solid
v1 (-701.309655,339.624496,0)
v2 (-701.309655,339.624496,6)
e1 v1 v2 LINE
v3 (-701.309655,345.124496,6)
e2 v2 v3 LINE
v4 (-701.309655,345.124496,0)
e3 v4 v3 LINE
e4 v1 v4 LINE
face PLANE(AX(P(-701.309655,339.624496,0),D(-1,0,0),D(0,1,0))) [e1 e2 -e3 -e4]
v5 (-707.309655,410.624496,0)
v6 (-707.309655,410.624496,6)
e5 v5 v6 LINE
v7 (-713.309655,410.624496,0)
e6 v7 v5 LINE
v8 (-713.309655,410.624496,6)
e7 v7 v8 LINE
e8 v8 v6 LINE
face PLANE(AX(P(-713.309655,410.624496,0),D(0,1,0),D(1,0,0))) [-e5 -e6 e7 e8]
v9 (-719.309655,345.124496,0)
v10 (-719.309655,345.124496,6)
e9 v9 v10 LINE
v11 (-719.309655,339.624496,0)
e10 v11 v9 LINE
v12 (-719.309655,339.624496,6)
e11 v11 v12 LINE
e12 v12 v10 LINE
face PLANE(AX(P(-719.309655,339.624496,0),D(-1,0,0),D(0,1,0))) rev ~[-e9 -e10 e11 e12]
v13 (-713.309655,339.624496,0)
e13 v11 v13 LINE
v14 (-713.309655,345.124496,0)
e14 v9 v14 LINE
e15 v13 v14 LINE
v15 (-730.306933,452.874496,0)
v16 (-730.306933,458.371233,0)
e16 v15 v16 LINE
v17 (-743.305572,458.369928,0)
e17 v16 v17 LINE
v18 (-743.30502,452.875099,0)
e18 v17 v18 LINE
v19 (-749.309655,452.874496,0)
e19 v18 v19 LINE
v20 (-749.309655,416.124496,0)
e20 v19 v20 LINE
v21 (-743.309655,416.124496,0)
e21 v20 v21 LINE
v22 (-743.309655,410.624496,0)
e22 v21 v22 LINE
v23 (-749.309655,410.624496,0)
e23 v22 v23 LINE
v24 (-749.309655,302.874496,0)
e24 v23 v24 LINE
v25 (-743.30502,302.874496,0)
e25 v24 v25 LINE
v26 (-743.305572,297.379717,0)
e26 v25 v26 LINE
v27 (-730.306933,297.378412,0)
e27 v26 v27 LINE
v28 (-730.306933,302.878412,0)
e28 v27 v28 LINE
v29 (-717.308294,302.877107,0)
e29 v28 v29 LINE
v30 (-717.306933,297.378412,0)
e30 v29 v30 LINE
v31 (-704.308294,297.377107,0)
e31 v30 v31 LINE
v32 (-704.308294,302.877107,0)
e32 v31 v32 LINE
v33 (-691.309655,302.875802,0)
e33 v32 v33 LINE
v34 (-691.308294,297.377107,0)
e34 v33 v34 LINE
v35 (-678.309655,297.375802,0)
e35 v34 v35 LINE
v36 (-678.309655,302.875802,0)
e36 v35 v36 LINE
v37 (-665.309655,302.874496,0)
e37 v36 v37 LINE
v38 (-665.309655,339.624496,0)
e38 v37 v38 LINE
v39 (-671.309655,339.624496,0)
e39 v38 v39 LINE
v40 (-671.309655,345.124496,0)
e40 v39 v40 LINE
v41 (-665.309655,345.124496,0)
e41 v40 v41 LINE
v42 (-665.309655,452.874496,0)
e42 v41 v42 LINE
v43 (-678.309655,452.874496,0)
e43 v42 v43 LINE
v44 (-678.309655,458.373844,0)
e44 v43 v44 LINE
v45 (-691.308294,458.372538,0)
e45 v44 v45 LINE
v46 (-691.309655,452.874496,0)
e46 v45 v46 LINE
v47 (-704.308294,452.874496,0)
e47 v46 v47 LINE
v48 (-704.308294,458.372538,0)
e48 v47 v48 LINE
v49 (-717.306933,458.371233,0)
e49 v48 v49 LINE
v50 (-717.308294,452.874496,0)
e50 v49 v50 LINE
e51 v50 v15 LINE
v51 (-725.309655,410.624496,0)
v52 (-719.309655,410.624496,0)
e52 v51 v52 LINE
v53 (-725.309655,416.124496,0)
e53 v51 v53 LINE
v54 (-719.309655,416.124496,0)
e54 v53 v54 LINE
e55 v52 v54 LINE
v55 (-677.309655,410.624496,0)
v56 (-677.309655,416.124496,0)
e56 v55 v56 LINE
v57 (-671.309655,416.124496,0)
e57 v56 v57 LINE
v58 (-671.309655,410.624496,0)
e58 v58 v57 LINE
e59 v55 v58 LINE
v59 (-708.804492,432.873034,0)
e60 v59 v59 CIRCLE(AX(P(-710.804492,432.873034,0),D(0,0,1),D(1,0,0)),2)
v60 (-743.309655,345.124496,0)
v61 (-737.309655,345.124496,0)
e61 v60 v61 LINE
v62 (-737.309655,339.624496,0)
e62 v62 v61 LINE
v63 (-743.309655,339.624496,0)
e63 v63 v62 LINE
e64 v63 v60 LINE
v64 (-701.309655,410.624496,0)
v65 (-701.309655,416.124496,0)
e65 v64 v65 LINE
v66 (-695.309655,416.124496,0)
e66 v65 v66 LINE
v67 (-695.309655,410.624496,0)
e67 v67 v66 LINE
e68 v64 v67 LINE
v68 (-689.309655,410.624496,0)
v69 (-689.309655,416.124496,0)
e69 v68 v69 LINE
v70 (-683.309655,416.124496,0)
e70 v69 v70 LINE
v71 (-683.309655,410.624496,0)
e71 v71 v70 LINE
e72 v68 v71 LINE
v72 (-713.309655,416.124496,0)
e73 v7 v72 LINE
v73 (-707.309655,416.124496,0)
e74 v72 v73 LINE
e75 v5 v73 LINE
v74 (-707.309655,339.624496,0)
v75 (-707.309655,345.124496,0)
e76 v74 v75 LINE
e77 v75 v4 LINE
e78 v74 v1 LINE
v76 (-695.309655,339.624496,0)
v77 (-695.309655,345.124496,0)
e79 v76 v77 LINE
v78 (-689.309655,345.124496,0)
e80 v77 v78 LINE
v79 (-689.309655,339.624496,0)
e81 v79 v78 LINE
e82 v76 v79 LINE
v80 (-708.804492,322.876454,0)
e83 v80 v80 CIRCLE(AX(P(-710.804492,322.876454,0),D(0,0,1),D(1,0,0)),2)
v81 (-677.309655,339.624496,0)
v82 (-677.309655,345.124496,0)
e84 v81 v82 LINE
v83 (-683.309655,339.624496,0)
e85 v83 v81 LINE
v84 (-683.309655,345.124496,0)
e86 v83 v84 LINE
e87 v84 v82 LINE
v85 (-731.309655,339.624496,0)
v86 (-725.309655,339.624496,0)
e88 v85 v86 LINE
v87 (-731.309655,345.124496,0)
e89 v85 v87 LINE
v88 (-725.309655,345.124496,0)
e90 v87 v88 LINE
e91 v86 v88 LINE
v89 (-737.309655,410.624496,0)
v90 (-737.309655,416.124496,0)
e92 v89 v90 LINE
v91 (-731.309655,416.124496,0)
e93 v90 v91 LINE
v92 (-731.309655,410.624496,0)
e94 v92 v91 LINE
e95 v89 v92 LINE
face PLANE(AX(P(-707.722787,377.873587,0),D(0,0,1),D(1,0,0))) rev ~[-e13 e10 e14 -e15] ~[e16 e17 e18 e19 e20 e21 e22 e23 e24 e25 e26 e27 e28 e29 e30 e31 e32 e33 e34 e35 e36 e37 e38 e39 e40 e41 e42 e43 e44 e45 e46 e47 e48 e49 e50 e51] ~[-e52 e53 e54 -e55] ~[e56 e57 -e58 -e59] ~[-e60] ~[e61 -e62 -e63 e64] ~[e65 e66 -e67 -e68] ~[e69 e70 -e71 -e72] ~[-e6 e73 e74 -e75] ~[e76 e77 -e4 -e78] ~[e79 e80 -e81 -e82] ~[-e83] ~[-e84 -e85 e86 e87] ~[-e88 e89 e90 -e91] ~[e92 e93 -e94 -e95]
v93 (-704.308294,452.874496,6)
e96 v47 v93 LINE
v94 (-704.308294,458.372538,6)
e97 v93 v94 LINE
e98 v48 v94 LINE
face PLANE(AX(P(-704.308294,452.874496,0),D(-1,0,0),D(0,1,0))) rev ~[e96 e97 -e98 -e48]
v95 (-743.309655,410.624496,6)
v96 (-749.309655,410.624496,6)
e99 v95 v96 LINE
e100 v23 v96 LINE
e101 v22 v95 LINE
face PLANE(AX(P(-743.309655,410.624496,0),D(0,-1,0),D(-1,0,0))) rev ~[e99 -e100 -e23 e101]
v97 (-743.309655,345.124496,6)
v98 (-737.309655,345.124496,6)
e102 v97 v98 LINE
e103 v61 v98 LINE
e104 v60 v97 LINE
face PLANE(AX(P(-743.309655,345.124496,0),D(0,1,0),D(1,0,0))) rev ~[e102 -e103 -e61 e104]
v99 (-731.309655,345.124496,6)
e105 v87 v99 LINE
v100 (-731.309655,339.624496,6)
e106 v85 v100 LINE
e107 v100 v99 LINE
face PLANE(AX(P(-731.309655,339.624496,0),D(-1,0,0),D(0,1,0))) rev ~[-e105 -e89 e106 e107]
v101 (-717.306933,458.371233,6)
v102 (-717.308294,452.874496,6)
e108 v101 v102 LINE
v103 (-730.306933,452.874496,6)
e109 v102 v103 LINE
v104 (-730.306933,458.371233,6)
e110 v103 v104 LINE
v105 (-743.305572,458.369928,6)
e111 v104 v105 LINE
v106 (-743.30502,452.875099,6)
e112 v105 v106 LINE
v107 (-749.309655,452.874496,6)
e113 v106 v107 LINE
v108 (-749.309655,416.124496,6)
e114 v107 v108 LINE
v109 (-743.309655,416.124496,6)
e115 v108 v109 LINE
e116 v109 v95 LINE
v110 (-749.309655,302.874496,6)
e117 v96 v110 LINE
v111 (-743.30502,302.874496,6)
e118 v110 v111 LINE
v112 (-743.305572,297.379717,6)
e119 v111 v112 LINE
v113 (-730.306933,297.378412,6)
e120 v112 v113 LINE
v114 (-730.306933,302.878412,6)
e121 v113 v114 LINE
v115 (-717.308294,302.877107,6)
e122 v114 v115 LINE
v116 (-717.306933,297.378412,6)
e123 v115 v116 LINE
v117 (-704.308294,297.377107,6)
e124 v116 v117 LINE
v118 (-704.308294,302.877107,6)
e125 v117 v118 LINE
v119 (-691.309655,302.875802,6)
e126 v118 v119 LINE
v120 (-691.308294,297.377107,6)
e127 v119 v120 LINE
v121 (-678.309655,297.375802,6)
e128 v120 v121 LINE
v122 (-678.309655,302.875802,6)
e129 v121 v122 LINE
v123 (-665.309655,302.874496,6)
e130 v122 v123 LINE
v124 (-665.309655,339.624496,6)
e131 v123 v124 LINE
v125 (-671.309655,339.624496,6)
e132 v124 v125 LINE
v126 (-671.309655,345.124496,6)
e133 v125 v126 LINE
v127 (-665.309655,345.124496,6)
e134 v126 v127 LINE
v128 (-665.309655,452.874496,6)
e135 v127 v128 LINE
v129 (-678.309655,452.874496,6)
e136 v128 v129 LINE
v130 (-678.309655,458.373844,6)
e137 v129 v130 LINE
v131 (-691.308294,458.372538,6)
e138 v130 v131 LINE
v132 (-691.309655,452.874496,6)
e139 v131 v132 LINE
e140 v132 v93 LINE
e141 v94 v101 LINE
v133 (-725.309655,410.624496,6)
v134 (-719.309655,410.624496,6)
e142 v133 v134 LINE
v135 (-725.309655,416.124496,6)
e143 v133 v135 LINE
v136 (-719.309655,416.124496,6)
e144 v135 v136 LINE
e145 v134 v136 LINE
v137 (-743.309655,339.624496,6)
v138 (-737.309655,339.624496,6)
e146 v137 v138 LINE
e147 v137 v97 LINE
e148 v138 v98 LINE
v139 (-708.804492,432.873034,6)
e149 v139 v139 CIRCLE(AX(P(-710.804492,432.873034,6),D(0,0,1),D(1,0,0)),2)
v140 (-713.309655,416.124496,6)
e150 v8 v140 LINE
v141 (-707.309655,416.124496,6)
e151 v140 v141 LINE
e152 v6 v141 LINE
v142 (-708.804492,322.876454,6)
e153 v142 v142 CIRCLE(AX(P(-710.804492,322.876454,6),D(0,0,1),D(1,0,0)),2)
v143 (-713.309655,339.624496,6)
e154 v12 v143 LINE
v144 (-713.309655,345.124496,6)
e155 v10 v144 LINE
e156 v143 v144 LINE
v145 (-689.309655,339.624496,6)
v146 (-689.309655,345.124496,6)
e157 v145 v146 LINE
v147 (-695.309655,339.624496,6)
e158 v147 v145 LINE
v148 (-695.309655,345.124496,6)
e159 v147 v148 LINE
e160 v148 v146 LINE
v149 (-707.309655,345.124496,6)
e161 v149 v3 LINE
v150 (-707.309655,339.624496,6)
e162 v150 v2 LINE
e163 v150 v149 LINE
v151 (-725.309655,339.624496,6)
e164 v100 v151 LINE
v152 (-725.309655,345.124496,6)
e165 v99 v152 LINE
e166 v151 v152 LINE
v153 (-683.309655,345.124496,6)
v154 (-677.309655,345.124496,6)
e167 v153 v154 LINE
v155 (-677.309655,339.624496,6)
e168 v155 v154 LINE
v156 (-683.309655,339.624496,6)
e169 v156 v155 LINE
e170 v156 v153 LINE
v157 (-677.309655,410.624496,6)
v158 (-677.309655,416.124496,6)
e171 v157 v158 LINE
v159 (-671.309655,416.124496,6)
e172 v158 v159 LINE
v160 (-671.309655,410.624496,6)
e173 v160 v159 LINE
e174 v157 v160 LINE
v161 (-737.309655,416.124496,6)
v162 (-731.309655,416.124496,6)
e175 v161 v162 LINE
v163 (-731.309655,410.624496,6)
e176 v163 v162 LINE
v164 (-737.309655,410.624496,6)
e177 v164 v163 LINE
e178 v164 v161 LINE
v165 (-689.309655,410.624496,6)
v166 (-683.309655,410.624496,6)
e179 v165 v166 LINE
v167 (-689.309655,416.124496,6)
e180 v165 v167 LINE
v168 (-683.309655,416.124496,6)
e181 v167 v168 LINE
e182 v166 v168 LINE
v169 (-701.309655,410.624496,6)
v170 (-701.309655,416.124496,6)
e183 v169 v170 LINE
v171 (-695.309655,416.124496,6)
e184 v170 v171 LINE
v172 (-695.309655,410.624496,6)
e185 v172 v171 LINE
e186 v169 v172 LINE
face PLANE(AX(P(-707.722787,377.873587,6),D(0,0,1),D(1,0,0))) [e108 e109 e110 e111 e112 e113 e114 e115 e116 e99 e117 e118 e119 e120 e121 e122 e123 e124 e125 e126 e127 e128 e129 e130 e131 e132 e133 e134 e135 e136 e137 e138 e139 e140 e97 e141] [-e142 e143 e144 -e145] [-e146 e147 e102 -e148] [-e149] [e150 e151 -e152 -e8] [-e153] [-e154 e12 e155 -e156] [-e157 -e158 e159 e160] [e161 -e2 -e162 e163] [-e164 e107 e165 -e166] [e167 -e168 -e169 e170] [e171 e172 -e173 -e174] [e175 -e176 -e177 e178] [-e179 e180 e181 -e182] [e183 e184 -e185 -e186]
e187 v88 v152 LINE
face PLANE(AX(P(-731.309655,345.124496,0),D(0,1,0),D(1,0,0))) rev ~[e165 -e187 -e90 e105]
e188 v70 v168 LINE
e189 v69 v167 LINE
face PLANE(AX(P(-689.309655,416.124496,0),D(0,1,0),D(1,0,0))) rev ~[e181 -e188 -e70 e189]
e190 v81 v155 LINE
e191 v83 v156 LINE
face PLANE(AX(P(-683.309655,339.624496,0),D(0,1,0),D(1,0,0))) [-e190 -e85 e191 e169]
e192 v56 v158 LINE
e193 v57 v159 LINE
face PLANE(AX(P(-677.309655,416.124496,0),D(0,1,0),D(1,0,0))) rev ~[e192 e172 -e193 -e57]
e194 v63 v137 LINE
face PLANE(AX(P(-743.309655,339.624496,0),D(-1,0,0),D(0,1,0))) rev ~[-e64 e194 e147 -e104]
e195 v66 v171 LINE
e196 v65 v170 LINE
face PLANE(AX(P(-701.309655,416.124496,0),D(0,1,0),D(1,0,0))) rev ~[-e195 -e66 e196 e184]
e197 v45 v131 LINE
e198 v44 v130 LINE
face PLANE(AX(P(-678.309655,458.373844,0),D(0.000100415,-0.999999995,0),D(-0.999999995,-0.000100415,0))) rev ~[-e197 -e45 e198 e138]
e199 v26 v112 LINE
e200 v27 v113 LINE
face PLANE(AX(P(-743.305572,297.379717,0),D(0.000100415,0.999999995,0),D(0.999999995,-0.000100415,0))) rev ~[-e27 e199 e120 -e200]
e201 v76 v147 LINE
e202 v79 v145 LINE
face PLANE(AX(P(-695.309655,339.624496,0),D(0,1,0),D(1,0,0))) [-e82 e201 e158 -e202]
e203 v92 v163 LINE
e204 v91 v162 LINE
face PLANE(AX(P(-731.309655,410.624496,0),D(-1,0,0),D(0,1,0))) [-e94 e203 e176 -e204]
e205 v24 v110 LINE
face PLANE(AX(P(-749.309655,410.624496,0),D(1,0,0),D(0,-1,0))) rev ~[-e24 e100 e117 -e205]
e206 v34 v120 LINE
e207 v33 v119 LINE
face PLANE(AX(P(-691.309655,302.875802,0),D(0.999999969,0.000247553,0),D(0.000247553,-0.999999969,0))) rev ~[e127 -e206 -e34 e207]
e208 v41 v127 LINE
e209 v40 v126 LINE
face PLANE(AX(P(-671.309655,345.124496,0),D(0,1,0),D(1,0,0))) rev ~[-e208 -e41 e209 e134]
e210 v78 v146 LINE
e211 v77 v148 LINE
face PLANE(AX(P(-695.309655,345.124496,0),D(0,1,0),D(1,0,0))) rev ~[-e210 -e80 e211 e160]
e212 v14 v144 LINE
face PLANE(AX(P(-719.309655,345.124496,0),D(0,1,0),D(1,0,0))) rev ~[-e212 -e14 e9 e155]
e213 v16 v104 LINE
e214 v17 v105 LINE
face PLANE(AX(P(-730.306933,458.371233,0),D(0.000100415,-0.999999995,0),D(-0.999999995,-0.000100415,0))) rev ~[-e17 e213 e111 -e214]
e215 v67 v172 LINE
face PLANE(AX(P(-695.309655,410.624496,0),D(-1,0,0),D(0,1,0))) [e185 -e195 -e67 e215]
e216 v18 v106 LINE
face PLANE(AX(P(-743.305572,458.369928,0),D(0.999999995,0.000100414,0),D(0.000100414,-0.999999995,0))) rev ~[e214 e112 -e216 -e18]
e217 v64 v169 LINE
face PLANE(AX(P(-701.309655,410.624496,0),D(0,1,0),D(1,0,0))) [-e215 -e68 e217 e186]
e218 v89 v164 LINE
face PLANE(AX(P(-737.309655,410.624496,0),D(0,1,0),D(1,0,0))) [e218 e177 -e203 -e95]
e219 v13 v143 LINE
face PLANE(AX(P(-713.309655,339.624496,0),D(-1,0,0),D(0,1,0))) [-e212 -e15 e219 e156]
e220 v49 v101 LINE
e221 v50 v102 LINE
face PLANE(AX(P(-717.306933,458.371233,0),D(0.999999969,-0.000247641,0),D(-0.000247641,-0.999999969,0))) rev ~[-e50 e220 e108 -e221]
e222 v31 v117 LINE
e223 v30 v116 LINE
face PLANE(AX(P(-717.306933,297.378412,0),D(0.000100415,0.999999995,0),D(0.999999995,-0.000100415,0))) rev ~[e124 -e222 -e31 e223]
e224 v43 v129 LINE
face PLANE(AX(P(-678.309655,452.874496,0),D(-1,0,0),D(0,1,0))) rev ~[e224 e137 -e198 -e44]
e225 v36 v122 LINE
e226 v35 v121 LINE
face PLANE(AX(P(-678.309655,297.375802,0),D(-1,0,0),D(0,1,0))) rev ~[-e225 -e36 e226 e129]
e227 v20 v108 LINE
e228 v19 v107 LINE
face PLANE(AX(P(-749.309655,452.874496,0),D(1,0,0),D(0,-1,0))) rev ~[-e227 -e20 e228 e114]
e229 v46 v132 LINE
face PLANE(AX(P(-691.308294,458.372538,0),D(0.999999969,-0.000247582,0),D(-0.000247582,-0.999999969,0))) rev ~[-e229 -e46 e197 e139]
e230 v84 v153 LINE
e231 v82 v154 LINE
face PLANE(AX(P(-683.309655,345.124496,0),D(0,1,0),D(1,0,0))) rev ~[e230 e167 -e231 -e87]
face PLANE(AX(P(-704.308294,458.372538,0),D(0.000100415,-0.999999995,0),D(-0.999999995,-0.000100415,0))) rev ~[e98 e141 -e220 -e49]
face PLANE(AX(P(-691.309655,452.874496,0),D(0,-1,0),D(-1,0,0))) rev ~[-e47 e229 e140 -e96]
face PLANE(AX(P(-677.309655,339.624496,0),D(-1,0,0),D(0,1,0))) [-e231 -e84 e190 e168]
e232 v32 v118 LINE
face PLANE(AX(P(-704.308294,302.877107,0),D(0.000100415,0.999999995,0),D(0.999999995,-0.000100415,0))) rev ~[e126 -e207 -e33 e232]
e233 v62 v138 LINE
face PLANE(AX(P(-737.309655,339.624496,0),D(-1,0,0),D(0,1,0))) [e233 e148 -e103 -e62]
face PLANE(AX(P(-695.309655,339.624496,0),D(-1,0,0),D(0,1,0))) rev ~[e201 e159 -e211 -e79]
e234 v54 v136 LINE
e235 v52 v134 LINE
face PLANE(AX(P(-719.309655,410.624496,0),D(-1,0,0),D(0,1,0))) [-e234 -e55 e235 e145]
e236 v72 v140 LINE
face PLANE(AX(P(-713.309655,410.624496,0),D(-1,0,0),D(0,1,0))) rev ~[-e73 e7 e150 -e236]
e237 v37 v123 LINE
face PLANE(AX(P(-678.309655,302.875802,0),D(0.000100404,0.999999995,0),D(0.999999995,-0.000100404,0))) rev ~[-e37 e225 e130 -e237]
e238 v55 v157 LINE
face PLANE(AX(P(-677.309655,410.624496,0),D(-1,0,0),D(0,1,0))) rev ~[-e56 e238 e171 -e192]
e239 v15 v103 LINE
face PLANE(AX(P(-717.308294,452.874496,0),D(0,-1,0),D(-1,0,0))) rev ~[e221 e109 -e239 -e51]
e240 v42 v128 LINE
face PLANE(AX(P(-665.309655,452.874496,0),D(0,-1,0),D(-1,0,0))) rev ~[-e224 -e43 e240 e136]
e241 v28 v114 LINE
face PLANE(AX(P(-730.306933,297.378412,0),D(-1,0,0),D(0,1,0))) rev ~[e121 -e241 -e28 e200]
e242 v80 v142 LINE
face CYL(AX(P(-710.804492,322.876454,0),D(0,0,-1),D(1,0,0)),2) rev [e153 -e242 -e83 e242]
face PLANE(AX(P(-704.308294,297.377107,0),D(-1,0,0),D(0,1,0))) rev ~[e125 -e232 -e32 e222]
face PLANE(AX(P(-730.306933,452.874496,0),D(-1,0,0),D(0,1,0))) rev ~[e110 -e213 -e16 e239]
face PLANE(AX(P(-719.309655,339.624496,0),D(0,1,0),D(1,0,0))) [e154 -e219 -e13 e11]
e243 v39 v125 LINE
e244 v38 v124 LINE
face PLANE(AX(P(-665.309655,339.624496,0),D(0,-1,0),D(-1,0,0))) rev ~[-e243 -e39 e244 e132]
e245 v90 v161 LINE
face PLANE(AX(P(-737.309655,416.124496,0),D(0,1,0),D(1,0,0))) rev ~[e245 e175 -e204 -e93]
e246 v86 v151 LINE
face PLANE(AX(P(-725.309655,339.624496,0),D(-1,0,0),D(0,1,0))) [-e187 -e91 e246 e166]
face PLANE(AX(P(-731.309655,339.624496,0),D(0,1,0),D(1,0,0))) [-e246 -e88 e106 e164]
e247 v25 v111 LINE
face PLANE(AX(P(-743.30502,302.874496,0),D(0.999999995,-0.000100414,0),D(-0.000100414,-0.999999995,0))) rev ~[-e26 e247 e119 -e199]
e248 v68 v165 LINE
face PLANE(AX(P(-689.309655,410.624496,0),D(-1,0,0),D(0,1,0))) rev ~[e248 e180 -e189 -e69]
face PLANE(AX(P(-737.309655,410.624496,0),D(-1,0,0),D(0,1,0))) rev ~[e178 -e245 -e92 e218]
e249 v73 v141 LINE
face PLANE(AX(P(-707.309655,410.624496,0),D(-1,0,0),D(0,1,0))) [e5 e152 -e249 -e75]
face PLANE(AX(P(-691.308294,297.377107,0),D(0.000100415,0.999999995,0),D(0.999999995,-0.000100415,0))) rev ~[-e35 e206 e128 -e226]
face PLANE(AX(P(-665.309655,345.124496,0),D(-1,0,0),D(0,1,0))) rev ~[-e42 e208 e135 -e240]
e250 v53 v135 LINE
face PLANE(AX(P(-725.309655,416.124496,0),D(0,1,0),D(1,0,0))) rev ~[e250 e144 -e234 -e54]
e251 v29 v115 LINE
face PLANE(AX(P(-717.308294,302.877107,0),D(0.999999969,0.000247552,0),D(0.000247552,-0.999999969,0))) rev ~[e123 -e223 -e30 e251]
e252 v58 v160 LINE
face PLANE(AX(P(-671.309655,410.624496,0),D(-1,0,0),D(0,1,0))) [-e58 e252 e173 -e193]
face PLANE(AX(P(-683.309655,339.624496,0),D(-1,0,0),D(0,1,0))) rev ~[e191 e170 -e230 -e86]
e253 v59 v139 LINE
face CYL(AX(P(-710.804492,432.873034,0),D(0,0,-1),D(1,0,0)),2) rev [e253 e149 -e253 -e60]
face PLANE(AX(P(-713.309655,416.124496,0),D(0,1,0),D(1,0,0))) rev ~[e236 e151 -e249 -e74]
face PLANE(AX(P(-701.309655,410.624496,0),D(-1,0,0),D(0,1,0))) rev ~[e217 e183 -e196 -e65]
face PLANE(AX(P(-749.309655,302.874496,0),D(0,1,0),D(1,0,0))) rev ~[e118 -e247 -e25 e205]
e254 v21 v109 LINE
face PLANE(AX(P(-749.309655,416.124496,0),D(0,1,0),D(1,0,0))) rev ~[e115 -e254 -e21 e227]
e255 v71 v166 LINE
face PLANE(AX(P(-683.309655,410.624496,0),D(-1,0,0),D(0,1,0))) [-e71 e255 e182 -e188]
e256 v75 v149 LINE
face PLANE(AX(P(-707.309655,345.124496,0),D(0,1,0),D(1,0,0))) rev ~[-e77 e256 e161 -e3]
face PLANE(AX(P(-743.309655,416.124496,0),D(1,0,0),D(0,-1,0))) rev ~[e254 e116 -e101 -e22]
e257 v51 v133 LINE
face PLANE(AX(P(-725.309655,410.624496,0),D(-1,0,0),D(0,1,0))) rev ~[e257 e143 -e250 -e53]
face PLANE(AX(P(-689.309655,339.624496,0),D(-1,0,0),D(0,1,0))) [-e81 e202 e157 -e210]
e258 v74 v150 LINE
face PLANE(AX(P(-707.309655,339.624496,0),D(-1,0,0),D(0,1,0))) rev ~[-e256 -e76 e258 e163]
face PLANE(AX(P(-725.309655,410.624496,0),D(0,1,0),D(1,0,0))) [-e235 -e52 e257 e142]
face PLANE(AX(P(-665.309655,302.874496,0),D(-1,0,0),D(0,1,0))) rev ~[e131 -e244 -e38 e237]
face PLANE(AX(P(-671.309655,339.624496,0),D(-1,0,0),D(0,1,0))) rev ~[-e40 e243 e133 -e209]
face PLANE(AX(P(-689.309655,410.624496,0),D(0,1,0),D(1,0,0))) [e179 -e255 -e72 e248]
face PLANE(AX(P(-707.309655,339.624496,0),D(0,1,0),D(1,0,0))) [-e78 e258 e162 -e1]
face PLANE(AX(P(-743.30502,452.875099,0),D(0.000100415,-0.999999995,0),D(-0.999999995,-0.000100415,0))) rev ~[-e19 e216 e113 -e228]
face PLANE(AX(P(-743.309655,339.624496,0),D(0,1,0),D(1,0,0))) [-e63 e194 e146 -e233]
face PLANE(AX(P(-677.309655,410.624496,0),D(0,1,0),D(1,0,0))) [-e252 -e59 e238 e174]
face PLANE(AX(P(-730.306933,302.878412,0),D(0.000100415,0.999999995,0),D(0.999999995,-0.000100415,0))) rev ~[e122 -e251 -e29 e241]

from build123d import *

# Parameters (mm, degrees)
MODEL_R             = 2
MODEL_W             = 6
MODEL_H             = 5.5
BOSS_EXTRUDE1_DEPTH = 6


with BuildPart() as part:
    # Model → Boss-Extrude1 (new body)
    with BuildSketch(Plane.XY):
        Polygon((-665.309655483, 302.874496351), (-665.309655483, 339.624496351), (-671.309655483, 339.624496351), (-671.309655483, 345.124496351), (-665.309655483, 345.124496351), (-665.309655483, 452.874496351), (-678.309655483, 452.874496351), (-678.309655483, 458.373843725), (-691.308294267, 458.372538473), (-691.309655483, 452.874496351), (-704.308294267, 452.874496351), (-704.308294267, 458.372538473), (-717.306933052, 458.37123322), (-717.308294267, 452.874496351), (-730.306933052, 452.874496351), (-730.306933052, 458.37123322), (-743.305571836, 458.369927968), (-743.305020076, 452.875099304), (-749.309655483, 452.874496351), (-749.309655483, 416.124496351), (-743.309655483, 416.124496351), (-743.309655483, 410.624496351), (-749.309655483, 410.624496351), (-749.309655483, 302.874496351), (-743.305020081, 302.874496351), (-743.305571836, 297.379717361), (-730.306933052, 297.378412108), (-730.306933052, 302.878412108), (-717.308294267, 302.877106856), (-717.306933052, 297.378412108), (-704.308294267, 297.377106856), (-704.308294267, 302.877106856), (-691.309655483, 302.875801604), (-691.308294267, 297.377106856), (-678.309655483, 297.375801604), (-678.309655483, 302.875801604), align=None)
        with Locations((-710.804492218, 322.87645388)):
            Circle(MODEL_R, mode=Mode.SUBTRACT)
        with Locations((-710.804492218, 432.873034264)):
            Circle(MODEL_R, mode=Mode.SUBTRACT)
        with Locations((-698.309655483, 413.374496351)):
            Rectangle(MODEL_W, MODEL_H, mode=Mode.SUBTRACT)
        with Locations((-686.309655483, 413.374496351)):
            Rectangle(MODEL_W, MODEL_H, mode=Mode.SUBTRACT)
        with Locations((-674.309655483, 413.374496351)):
            Rectangle(MODEL_W, MODEL_H, mode=Mode.SUBTRACT)
        with Locations((-710.309655483, 413.374496351)):
            Rectangle(MODEL_W, MODEL_H, mode=Mode.SUBTRACT)
        with Locations((-722.309655483, 413.374496351)):
            Rectangle(MODEL_W, MODEL_H, mode=Mode.SUBTRACT)
        with Locations((-734.309655483, 413.374496351)):
            Rectangle(MODEL_W, MODEL_H, mode=Mode.SUBTRACT)
        with Locations((-704.309655483, 342.374496351)):
            Rectangle(MODEL_W, MODEL_H, mode=Mode.SUBTRACT)
        with Locations((-692.309655483, 342.374496351)):
            Rectangle(MODEL_W, MODEL_H, mode=Mode.SUBTRACT)
        with Locations((-680.309655483, 342.374496351)):
            Rectangle(MODEL_W, MODEL_H, mode=Mode.SUBTRACT)
        with Locations((-716.309655483, 342.374496351)):
            Rectangle(MODEL_W, MODEL_H, mode=Mode.SUBTRACT)
        with Locations((-728.309655483, 342.374496351)):
            Rectangle(MODEL_W, MODEL_H, mode=Mode.SUBTRACT)
        with Locations((-740.309655483, 342.374496351)):
            Rectangle(MODEL_W, MODEL_H, mode=Mode.SUBTRACT)
    extrude(amount=BOSS_EXTRUDE1_DEPTH)


solid = part.part
